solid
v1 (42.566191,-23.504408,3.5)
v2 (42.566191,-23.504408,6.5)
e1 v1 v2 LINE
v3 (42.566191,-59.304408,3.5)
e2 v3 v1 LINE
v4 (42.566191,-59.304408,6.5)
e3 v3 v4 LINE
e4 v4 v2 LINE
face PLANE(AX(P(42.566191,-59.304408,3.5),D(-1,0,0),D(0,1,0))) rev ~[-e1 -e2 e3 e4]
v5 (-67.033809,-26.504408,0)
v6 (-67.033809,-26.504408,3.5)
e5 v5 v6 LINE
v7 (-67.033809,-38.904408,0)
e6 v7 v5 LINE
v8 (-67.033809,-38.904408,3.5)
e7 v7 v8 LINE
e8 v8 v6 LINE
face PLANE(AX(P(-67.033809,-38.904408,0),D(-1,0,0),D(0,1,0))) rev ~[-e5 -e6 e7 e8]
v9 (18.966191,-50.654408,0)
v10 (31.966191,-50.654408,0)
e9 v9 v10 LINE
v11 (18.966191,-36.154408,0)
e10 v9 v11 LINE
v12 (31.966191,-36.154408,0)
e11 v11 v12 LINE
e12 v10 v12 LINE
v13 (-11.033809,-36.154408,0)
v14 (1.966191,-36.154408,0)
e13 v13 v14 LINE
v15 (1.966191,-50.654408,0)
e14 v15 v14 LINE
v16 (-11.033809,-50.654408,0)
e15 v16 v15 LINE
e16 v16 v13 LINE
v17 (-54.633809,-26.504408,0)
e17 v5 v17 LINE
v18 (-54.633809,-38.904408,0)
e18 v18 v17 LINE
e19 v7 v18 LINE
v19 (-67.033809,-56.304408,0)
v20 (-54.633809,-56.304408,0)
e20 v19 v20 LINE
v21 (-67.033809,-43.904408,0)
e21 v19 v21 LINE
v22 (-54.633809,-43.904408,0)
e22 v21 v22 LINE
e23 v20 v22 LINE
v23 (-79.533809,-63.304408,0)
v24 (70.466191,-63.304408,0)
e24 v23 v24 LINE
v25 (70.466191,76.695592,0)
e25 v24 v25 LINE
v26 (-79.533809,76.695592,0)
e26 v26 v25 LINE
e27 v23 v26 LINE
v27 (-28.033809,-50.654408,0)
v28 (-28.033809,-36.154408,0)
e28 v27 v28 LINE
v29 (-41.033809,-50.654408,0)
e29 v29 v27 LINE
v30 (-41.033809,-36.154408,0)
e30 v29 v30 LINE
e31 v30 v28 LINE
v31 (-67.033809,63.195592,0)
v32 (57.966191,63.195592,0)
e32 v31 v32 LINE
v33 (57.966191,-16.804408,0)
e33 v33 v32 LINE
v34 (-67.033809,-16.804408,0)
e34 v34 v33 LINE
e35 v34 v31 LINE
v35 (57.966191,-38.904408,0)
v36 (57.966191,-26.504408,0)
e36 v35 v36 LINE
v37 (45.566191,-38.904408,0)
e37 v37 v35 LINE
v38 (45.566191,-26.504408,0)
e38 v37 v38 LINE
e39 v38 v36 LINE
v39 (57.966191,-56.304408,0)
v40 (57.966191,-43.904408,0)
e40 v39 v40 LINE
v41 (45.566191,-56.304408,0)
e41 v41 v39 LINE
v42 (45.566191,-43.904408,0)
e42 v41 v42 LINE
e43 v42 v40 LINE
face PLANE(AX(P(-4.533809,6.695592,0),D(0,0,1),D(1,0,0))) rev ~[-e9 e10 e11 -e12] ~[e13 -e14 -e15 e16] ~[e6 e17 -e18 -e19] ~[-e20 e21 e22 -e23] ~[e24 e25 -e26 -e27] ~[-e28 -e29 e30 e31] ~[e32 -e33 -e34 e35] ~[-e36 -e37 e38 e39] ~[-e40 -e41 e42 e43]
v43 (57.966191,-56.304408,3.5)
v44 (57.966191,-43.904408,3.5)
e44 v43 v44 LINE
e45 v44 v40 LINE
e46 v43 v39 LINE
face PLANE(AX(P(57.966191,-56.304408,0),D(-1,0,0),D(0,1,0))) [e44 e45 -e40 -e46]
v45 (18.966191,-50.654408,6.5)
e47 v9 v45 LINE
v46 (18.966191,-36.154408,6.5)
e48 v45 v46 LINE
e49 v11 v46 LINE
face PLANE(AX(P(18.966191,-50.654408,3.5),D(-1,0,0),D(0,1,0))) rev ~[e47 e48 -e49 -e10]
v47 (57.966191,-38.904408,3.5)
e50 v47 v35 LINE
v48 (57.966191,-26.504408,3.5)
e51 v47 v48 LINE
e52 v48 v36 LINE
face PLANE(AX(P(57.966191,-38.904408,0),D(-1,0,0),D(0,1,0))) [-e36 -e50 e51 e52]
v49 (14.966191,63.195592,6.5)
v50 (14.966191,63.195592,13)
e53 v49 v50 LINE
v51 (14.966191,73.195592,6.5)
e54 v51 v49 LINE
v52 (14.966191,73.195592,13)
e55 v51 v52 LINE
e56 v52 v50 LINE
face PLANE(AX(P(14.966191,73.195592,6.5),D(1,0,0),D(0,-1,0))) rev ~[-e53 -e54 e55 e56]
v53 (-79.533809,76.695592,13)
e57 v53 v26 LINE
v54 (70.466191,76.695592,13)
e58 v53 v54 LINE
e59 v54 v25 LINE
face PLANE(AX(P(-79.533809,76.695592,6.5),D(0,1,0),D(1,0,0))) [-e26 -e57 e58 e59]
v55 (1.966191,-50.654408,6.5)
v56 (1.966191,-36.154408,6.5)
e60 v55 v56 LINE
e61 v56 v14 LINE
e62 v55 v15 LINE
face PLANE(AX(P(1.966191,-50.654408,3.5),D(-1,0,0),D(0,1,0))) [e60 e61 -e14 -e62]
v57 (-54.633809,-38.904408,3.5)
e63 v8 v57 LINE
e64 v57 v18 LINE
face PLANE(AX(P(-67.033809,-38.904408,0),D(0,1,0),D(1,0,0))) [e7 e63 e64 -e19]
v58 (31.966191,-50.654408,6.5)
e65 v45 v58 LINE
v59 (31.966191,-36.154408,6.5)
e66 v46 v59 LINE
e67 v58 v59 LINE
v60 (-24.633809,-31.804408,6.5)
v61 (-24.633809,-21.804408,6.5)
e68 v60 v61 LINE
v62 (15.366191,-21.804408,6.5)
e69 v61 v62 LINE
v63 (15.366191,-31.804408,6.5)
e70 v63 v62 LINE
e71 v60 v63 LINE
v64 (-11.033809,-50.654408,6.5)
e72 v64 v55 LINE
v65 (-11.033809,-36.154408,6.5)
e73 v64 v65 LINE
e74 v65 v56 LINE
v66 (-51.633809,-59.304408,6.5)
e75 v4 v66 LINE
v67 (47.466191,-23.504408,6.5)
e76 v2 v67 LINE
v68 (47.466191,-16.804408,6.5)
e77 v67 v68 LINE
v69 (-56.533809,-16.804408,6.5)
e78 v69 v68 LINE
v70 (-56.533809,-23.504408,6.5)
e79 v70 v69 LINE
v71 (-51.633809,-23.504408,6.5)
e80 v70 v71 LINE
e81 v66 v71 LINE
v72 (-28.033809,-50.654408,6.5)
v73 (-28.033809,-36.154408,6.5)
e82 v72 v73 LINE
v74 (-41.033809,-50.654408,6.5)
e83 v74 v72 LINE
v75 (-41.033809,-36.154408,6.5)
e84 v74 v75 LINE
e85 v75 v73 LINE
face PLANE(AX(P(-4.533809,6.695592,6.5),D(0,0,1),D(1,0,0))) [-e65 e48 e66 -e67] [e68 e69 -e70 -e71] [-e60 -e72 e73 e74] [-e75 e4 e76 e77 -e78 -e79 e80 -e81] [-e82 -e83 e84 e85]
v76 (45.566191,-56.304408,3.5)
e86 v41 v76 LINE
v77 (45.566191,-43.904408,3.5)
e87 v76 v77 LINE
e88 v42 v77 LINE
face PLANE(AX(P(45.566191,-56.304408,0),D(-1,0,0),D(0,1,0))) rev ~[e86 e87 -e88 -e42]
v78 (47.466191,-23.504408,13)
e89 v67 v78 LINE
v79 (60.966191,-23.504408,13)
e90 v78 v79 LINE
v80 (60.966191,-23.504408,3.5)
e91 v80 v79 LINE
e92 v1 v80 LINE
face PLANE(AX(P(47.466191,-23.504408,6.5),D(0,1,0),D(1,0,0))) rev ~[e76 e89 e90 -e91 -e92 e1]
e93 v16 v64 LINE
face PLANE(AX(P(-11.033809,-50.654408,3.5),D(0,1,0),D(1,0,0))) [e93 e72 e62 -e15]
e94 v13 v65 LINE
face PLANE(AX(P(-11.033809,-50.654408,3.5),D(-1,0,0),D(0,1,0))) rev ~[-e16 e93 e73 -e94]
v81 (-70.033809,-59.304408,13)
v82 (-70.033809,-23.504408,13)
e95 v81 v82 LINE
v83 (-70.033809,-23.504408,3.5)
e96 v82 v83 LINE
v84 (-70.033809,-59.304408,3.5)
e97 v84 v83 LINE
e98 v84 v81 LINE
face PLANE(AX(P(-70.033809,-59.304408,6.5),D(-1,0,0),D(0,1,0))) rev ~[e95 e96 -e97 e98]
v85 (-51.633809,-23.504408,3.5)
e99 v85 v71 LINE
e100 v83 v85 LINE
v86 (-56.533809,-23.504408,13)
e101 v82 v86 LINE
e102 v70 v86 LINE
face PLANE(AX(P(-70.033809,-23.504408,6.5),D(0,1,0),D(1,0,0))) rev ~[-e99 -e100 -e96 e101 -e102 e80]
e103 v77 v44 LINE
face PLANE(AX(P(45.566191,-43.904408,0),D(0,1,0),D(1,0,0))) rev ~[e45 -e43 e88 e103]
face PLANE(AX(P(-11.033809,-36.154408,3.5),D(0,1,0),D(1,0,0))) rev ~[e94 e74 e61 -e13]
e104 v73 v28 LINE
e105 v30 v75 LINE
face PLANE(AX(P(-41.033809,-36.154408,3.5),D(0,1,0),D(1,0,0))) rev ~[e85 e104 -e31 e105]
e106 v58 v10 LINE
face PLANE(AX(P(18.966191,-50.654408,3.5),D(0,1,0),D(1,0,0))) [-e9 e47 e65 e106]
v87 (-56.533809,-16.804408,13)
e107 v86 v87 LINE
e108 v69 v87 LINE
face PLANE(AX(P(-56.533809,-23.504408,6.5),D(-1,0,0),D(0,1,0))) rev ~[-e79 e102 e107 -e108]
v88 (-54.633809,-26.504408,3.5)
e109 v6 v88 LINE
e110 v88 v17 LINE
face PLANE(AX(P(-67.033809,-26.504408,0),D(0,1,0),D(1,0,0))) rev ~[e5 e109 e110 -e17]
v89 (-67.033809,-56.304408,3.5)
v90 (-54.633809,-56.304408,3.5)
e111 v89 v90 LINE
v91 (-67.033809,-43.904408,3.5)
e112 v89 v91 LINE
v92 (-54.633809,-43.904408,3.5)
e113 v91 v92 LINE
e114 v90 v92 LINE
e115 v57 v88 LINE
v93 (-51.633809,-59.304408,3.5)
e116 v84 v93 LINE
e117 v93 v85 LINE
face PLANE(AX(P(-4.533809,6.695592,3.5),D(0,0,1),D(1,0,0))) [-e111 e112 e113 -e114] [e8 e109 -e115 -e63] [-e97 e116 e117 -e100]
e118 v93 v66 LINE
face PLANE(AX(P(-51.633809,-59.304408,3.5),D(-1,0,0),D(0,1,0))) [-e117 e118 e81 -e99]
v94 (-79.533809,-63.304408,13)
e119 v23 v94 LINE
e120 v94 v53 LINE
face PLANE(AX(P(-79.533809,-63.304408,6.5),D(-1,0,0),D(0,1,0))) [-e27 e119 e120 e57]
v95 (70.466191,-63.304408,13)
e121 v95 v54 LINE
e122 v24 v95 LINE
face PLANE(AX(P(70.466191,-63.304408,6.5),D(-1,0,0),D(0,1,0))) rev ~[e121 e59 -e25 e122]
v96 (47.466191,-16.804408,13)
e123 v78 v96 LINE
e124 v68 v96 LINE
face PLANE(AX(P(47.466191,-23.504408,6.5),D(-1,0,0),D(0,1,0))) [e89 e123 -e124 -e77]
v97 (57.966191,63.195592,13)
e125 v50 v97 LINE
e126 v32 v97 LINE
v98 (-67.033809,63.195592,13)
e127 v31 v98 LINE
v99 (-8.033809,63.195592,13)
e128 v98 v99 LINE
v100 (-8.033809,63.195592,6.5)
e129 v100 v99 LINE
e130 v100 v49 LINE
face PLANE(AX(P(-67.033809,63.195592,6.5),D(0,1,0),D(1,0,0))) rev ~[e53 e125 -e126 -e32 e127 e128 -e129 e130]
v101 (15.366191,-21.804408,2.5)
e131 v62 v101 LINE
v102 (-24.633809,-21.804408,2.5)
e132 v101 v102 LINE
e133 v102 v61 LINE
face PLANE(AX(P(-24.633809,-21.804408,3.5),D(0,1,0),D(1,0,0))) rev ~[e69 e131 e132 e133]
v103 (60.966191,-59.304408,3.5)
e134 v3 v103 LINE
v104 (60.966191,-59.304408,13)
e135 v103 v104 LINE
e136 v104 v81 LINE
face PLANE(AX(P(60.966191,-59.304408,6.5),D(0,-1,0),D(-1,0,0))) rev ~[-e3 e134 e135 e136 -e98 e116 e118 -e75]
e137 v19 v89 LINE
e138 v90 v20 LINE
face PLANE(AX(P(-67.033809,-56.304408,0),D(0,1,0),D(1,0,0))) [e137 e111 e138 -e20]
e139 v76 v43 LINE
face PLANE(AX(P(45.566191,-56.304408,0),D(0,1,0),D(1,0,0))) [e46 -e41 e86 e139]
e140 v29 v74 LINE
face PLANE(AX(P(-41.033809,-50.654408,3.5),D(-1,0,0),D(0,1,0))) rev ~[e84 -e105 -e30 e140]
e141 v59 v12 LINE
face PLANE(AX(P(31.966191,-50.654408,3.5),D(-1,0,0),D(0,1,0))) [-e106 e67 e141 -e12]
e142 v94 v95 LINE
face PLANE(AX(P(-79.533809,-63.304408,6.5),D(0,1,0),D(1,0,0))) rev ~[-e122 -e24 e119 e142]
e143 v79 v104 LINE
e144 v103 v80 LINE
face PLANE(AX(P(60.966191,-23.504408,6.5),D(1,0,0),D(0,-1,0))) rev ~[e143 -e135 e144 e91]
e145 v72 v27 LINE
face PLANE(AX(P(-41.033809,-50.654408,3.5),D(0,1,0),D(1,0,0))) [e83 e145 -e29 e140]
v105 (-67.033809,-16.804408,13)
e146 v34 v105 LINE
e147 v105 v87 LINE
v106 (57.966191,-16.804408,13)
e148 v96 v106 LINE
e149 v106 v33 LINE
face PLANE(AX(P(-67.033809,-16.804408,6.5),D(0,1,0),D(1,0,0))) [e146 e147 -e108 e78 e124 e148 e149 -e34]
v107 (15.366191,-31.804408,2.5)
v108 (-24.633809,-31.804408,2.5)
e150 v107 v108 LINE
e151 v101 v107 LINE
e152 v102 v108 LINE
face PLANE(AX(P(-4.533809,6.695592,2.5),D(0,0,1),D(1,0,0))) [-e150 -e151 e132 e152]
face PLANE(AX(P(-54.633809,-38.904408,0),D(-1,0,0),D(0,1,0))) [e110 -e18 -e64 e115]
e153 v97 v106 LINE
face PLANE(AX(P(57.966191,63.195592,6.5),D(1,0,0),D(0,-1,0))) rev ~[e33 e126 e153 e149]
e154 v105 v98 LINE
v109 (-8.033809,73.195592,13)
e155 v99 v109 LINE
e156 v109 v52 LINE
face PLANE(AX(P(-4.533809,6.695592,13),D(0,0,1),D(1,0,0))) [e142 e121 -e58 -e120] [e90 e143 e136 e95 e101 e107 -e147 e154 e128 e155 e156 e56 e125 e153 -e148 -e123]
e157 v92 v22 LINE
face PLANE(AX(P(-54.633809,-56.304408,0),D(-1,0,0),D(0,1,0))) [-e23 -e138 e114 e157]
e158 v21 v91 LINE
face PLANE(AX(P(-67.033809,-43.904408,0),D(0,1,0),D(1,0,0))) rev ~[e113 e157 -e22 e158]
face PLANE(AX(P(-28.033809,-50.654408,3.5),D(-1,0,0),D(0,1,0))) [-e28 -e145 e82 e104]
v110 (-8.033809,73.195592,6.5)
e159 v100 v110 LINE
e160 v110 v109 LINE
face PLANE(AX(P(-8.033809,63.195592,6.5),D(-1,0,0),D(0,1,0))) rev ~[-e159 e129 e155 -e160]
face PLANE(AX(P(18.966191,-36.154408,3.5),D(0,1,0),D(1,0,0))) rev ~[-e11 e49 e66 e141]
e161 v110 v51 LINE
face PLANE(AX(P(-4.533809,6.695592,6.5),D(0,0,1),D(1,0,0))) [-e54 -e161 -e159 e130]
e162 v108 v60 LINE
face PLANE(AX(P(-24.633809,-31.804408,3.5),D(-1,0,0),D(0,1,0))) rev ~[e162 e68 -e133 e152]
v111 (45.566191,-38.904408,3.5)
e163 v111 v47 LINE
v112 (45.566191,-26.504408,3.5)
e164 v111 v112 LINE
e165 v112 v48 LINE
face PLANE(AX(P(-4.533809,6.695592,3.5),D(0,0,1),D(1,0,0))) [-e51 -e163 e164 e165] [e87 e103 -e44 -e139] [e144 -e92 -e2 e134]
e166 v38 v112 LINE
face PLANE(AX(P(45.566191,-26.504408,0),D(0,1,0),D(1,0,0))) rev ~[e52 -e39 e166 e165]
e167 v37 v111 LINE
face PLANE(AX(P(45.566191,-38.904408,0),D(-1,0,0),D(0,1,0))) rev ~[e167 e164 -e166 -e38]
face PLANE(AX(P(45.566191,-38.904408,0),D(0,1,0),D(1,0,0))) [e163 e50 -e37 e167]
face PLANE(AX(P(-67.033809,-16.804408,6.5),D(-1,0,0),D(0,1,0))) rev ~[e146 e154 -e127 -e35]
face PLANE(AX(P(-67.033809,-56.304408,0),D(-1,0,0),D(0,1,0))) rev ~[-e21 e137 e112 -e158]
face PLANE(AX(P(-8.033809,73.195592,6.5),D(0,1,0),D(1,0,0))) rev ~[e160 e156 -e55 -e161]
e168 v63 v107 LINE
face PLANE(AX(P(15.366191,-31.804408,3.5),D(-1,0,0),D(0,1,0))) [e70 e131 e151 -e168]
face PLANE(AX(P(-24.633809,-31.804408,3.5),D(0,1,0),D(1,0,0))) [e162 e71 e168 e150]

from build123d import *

# Parameters (mm, degrees)
F0_W     = 150
F0_H     = 140
F0_W_2   = 18.4
F0_H_2   = 35.8
F0_W_3   = 13
F0_H_3   = 14.5
F0_W_4   = 40
F0_H_4   = 10
F0_W_5   = 22.4
F0_W_6   = 125
F0_H_5   = 80
F0_W_7   = 12.4
F0_H_6   = 12.4
F1_DEPTH = 2.5
F2_DEPTH = 3.5
F3_W     = 150
F3_H     = 140
F3_W_2   = 18.4
F3_H_2   = 35.8
F3_W_3   = 13
F3_H_3   = 14.5
F3_W_4   = 40
F3_H_4   = 10
F3_W_5   = 125
F3_H_5   = 80
F4_DEPTH = 3
F5_W     = 150
F5_H     = 140
F5_W_2   = 10.5
F5_H_2   = 6.7
F6_DEPTH = 6.5


with BuildPart() as f1:
    # F0 (on Top) → F1 (new body)
    with BuildSketch(Plane.XY):
        with Locations((-4.5338094234, 6.6955923945)):
            Rectangle(F0_W, F0_H)
        with Locations((-60.8338094234, -41.4044076055)):
            Rectangle(F0_W_2, F0_H_2, mode=Mode.SUBTRACT)
        with Locations((-34.5338094234, -43.4044076055)):
            Rectangle(F0_W_3, F0_H_3, mode=Mode.SUBTRACT)
        with Locations((-4.6338094234, -26.8044076055)):
            Rectangle(F0_W_4, F0_H_4, mode=Mode.SUBTRACT)
        with Locations((-4.5338094234, -43.4044076055)):
            Rectangle(F0_W_3, F0_H_3, mode=Mode.SUBTRACT)
        with Locations((25.4661905766, -43.4044076055)):
            Rectangle(F0_W_3, F0_H_3, mode=Mode.SUBTRACT)
        with Locations((51.7661905766, -41.4044076055)):
            Rectangle(F0_W_5, F0_H_2, mode=Mode.SUBTRACT)
        with Locations((-4.5338094234, 23.1955923945)):
            Rectangle(F0_W_6, F0_H_5, mode=Mode.SUBTRACT)
        with Locations((-60.8338094234, -41.4044076055)):
            Rectangle(F0_W_2, F0_H_2)
        with Locations((-60.8338094234, -50.1044076055)):
            Rectangle(F0_W_7, F0_H_6, mode=Mode.SUBTRACT)
        with Locations((-60.8338094234, -32.7044076055)):
            Rectangle(F0_W_7, F0_H_6, mode=Mode.SUBTRACT)
        with Locations((51.7661905766, -41.4044076055)):
            Rectangle(F0_W_5, F0_H_2)
        with Locations((51.7661905766, -50.1044076055)):
            Rectangle(F0_W_7, F0_H_6, mode=Mode.SUBTRACT)
        with Locations((51.7661905766, -32.7044076055)):
            Rectangle(F0_W_7, F0_H_6, mode=Mode.SUBTRACT)
        with Locations((-4.6338094234, -26.8044076055)):
            Rectangle(F0_W_4, F0_H_4)
    extrude(amount=F1_DEPTH)

    # F0 (on Top) → F2 (join)
    with BuildSketch(Plane.XY):
        with Locations((-4.5338094234, 6.6955923945)):
            Rectangle(F0_W, F0_H)
        with Locations((-60.8338094234, -41.4044076055)):
            Rectangle(F0_W_2, F0_H_2, mode=Mode.SUBTRACT)
        with Locations((-34.5338094234, -43.4044076055)):
            Rectangle(F0_W_3, F0_H_3, mode=Mode.SUBTRACT)
        with Locations((-4.6338094234, -26.8044076055)):
            Rectangle(F0_W_4, F0_H_4, mode=Mode.SUBTRACT)
        with Locations((-4.5338094234, -43.4044076055)):
            Rectangle(F0_W_3, F0_H_3, mode=Mode.SUBTRACT)
        with Locations((25.4661905766, -43.4044076055)):
            Rectangle(F0_W_3, F0_H_3, mode=Mode.SUBTRACT)
        with Locations((51.7661905766, -41.4044076055)):
            Rectangle(F0_W_5, F0_H_2, mode=Mode.SUBTRACT)
        with Locations((-4.5338094234, 23.1955923945)):
            Rectangle(F0_W_6, F0_H_5, mode=Mode.SUBTRACT)
        with Locations((-60.8338094234, -41.4044076055)):
            Rectangle(F0_W_2, F0_H_2)
        with Locations((-60.8338094234, -50.1044076055)):
            Rectangle(F0_W_7, F0_H_6, mode=Mode.SUBTRACT)
        with Locations((-60.8338094234, -32.7044076055)):
            Rectangle(F0_W_7, F0_H_6, mode=Mode.SUBTRACT)
        with Locations((51.7661905766, -41.4044076055)):
            Rectangle(F0_W_5, F0_H_2)
        with Locations((51.7661905766, -50.1044076055)):
            Rectangle(F0_W_7, F0_H_6, mode=Mode.SUBTRACT)
        with Locations((51.7661905766, -32.7044076055)):
            Rectangle(F0_W_7, F0_H_6, mode=Mode.SUBTRACT)
    extrude(amount=F2_DEPTH)

    # F3 (on face) → F4 (join)
    with BuildSketch(Plane.XY.offset(3.5)):
        with Locations((-4.5338094234, 6.6955923945)):
            Rectangle(F3_W, F3_H)
        with Locations((-60.8338094234, -41.4044076055)):
            Rectangle(F3_W_2, F3_H_2, mode=Mode.SUBTRACT)
        with Locations((-34.5338094234, -43.4044076055)):
            Rectangle(F3_W_3, F3_H_3, mode=Mode.SUBTRACT)
        with Locations((-4.6338094234, -26.8044076055)):
            Rectangle(F3_W_4, F3_H_4, mode=Mode.SUBTRACT)
        with Locations((-4.5338094234, -43.4044076055)):
            Rectangle(F3_W_3, F3_H_3, mode=Mode.SUBTRACT)
        with Locations((25.4661905766, -43.4044076055)):
            Rectangle(F3_W_3, F3_H_3, mode=Mode.SUBTRACT)
        with Locations((51.7661905766, -41.4044076055)):
            Rectangle(F3_W_2, F3_H_2, mode=Mode.SUBTRACT)
        with Locations((-4.5338094234, 23.1955923945)):
            Rectangle(F3_W_5, F3_H_5, mode=Mode.SUBTRACT)
    extrude(amount=F4_DEPTH)

    # F5 (on face) → F6 (join)
    with BuildSketch(Plane.XY.offset(6.5)):
        with Locations((-4.5338094234, 6.6955923945)):
            Rectangle(F5_W, F5_H)
        Polygon((-67.0338094234, -23.5044076055), (-67.0338094234, -16.8044076055), (-67.0338094234, 63.1955923945), (-8.0338094234, 63.1955923945), (-8.0338094234, 73.1955923945), (14.9661905766, 73.1955923945), (14.9661905766, 63.1955923945), (57.9661905766, 63.1955923945), (57.9661905766, -16.8044076055), (57.9661905766, -23.5044076055), (60.9661905766, -23.5044076055), (60.9661905766, -59.3044076055), (42.5661905766, -59.3044076055), (-51.6338094234, -59.3044076055), (-70.0338094234, -59.3044076055), (-70.0338094234, -23.5044076055), align=None, mode=Mode.SUBTRACT)
        with Locations((-61.7838094234, -20.1544076055)):
            Rectangle(F5_W_2, F5_H_2)
        with Locations((52.7161905766, -20.1544076055)):
            Rectangle(F5_W_2, F5_H_2)
    extrude(amount=F6_DEPTH)


solid = f1.part
